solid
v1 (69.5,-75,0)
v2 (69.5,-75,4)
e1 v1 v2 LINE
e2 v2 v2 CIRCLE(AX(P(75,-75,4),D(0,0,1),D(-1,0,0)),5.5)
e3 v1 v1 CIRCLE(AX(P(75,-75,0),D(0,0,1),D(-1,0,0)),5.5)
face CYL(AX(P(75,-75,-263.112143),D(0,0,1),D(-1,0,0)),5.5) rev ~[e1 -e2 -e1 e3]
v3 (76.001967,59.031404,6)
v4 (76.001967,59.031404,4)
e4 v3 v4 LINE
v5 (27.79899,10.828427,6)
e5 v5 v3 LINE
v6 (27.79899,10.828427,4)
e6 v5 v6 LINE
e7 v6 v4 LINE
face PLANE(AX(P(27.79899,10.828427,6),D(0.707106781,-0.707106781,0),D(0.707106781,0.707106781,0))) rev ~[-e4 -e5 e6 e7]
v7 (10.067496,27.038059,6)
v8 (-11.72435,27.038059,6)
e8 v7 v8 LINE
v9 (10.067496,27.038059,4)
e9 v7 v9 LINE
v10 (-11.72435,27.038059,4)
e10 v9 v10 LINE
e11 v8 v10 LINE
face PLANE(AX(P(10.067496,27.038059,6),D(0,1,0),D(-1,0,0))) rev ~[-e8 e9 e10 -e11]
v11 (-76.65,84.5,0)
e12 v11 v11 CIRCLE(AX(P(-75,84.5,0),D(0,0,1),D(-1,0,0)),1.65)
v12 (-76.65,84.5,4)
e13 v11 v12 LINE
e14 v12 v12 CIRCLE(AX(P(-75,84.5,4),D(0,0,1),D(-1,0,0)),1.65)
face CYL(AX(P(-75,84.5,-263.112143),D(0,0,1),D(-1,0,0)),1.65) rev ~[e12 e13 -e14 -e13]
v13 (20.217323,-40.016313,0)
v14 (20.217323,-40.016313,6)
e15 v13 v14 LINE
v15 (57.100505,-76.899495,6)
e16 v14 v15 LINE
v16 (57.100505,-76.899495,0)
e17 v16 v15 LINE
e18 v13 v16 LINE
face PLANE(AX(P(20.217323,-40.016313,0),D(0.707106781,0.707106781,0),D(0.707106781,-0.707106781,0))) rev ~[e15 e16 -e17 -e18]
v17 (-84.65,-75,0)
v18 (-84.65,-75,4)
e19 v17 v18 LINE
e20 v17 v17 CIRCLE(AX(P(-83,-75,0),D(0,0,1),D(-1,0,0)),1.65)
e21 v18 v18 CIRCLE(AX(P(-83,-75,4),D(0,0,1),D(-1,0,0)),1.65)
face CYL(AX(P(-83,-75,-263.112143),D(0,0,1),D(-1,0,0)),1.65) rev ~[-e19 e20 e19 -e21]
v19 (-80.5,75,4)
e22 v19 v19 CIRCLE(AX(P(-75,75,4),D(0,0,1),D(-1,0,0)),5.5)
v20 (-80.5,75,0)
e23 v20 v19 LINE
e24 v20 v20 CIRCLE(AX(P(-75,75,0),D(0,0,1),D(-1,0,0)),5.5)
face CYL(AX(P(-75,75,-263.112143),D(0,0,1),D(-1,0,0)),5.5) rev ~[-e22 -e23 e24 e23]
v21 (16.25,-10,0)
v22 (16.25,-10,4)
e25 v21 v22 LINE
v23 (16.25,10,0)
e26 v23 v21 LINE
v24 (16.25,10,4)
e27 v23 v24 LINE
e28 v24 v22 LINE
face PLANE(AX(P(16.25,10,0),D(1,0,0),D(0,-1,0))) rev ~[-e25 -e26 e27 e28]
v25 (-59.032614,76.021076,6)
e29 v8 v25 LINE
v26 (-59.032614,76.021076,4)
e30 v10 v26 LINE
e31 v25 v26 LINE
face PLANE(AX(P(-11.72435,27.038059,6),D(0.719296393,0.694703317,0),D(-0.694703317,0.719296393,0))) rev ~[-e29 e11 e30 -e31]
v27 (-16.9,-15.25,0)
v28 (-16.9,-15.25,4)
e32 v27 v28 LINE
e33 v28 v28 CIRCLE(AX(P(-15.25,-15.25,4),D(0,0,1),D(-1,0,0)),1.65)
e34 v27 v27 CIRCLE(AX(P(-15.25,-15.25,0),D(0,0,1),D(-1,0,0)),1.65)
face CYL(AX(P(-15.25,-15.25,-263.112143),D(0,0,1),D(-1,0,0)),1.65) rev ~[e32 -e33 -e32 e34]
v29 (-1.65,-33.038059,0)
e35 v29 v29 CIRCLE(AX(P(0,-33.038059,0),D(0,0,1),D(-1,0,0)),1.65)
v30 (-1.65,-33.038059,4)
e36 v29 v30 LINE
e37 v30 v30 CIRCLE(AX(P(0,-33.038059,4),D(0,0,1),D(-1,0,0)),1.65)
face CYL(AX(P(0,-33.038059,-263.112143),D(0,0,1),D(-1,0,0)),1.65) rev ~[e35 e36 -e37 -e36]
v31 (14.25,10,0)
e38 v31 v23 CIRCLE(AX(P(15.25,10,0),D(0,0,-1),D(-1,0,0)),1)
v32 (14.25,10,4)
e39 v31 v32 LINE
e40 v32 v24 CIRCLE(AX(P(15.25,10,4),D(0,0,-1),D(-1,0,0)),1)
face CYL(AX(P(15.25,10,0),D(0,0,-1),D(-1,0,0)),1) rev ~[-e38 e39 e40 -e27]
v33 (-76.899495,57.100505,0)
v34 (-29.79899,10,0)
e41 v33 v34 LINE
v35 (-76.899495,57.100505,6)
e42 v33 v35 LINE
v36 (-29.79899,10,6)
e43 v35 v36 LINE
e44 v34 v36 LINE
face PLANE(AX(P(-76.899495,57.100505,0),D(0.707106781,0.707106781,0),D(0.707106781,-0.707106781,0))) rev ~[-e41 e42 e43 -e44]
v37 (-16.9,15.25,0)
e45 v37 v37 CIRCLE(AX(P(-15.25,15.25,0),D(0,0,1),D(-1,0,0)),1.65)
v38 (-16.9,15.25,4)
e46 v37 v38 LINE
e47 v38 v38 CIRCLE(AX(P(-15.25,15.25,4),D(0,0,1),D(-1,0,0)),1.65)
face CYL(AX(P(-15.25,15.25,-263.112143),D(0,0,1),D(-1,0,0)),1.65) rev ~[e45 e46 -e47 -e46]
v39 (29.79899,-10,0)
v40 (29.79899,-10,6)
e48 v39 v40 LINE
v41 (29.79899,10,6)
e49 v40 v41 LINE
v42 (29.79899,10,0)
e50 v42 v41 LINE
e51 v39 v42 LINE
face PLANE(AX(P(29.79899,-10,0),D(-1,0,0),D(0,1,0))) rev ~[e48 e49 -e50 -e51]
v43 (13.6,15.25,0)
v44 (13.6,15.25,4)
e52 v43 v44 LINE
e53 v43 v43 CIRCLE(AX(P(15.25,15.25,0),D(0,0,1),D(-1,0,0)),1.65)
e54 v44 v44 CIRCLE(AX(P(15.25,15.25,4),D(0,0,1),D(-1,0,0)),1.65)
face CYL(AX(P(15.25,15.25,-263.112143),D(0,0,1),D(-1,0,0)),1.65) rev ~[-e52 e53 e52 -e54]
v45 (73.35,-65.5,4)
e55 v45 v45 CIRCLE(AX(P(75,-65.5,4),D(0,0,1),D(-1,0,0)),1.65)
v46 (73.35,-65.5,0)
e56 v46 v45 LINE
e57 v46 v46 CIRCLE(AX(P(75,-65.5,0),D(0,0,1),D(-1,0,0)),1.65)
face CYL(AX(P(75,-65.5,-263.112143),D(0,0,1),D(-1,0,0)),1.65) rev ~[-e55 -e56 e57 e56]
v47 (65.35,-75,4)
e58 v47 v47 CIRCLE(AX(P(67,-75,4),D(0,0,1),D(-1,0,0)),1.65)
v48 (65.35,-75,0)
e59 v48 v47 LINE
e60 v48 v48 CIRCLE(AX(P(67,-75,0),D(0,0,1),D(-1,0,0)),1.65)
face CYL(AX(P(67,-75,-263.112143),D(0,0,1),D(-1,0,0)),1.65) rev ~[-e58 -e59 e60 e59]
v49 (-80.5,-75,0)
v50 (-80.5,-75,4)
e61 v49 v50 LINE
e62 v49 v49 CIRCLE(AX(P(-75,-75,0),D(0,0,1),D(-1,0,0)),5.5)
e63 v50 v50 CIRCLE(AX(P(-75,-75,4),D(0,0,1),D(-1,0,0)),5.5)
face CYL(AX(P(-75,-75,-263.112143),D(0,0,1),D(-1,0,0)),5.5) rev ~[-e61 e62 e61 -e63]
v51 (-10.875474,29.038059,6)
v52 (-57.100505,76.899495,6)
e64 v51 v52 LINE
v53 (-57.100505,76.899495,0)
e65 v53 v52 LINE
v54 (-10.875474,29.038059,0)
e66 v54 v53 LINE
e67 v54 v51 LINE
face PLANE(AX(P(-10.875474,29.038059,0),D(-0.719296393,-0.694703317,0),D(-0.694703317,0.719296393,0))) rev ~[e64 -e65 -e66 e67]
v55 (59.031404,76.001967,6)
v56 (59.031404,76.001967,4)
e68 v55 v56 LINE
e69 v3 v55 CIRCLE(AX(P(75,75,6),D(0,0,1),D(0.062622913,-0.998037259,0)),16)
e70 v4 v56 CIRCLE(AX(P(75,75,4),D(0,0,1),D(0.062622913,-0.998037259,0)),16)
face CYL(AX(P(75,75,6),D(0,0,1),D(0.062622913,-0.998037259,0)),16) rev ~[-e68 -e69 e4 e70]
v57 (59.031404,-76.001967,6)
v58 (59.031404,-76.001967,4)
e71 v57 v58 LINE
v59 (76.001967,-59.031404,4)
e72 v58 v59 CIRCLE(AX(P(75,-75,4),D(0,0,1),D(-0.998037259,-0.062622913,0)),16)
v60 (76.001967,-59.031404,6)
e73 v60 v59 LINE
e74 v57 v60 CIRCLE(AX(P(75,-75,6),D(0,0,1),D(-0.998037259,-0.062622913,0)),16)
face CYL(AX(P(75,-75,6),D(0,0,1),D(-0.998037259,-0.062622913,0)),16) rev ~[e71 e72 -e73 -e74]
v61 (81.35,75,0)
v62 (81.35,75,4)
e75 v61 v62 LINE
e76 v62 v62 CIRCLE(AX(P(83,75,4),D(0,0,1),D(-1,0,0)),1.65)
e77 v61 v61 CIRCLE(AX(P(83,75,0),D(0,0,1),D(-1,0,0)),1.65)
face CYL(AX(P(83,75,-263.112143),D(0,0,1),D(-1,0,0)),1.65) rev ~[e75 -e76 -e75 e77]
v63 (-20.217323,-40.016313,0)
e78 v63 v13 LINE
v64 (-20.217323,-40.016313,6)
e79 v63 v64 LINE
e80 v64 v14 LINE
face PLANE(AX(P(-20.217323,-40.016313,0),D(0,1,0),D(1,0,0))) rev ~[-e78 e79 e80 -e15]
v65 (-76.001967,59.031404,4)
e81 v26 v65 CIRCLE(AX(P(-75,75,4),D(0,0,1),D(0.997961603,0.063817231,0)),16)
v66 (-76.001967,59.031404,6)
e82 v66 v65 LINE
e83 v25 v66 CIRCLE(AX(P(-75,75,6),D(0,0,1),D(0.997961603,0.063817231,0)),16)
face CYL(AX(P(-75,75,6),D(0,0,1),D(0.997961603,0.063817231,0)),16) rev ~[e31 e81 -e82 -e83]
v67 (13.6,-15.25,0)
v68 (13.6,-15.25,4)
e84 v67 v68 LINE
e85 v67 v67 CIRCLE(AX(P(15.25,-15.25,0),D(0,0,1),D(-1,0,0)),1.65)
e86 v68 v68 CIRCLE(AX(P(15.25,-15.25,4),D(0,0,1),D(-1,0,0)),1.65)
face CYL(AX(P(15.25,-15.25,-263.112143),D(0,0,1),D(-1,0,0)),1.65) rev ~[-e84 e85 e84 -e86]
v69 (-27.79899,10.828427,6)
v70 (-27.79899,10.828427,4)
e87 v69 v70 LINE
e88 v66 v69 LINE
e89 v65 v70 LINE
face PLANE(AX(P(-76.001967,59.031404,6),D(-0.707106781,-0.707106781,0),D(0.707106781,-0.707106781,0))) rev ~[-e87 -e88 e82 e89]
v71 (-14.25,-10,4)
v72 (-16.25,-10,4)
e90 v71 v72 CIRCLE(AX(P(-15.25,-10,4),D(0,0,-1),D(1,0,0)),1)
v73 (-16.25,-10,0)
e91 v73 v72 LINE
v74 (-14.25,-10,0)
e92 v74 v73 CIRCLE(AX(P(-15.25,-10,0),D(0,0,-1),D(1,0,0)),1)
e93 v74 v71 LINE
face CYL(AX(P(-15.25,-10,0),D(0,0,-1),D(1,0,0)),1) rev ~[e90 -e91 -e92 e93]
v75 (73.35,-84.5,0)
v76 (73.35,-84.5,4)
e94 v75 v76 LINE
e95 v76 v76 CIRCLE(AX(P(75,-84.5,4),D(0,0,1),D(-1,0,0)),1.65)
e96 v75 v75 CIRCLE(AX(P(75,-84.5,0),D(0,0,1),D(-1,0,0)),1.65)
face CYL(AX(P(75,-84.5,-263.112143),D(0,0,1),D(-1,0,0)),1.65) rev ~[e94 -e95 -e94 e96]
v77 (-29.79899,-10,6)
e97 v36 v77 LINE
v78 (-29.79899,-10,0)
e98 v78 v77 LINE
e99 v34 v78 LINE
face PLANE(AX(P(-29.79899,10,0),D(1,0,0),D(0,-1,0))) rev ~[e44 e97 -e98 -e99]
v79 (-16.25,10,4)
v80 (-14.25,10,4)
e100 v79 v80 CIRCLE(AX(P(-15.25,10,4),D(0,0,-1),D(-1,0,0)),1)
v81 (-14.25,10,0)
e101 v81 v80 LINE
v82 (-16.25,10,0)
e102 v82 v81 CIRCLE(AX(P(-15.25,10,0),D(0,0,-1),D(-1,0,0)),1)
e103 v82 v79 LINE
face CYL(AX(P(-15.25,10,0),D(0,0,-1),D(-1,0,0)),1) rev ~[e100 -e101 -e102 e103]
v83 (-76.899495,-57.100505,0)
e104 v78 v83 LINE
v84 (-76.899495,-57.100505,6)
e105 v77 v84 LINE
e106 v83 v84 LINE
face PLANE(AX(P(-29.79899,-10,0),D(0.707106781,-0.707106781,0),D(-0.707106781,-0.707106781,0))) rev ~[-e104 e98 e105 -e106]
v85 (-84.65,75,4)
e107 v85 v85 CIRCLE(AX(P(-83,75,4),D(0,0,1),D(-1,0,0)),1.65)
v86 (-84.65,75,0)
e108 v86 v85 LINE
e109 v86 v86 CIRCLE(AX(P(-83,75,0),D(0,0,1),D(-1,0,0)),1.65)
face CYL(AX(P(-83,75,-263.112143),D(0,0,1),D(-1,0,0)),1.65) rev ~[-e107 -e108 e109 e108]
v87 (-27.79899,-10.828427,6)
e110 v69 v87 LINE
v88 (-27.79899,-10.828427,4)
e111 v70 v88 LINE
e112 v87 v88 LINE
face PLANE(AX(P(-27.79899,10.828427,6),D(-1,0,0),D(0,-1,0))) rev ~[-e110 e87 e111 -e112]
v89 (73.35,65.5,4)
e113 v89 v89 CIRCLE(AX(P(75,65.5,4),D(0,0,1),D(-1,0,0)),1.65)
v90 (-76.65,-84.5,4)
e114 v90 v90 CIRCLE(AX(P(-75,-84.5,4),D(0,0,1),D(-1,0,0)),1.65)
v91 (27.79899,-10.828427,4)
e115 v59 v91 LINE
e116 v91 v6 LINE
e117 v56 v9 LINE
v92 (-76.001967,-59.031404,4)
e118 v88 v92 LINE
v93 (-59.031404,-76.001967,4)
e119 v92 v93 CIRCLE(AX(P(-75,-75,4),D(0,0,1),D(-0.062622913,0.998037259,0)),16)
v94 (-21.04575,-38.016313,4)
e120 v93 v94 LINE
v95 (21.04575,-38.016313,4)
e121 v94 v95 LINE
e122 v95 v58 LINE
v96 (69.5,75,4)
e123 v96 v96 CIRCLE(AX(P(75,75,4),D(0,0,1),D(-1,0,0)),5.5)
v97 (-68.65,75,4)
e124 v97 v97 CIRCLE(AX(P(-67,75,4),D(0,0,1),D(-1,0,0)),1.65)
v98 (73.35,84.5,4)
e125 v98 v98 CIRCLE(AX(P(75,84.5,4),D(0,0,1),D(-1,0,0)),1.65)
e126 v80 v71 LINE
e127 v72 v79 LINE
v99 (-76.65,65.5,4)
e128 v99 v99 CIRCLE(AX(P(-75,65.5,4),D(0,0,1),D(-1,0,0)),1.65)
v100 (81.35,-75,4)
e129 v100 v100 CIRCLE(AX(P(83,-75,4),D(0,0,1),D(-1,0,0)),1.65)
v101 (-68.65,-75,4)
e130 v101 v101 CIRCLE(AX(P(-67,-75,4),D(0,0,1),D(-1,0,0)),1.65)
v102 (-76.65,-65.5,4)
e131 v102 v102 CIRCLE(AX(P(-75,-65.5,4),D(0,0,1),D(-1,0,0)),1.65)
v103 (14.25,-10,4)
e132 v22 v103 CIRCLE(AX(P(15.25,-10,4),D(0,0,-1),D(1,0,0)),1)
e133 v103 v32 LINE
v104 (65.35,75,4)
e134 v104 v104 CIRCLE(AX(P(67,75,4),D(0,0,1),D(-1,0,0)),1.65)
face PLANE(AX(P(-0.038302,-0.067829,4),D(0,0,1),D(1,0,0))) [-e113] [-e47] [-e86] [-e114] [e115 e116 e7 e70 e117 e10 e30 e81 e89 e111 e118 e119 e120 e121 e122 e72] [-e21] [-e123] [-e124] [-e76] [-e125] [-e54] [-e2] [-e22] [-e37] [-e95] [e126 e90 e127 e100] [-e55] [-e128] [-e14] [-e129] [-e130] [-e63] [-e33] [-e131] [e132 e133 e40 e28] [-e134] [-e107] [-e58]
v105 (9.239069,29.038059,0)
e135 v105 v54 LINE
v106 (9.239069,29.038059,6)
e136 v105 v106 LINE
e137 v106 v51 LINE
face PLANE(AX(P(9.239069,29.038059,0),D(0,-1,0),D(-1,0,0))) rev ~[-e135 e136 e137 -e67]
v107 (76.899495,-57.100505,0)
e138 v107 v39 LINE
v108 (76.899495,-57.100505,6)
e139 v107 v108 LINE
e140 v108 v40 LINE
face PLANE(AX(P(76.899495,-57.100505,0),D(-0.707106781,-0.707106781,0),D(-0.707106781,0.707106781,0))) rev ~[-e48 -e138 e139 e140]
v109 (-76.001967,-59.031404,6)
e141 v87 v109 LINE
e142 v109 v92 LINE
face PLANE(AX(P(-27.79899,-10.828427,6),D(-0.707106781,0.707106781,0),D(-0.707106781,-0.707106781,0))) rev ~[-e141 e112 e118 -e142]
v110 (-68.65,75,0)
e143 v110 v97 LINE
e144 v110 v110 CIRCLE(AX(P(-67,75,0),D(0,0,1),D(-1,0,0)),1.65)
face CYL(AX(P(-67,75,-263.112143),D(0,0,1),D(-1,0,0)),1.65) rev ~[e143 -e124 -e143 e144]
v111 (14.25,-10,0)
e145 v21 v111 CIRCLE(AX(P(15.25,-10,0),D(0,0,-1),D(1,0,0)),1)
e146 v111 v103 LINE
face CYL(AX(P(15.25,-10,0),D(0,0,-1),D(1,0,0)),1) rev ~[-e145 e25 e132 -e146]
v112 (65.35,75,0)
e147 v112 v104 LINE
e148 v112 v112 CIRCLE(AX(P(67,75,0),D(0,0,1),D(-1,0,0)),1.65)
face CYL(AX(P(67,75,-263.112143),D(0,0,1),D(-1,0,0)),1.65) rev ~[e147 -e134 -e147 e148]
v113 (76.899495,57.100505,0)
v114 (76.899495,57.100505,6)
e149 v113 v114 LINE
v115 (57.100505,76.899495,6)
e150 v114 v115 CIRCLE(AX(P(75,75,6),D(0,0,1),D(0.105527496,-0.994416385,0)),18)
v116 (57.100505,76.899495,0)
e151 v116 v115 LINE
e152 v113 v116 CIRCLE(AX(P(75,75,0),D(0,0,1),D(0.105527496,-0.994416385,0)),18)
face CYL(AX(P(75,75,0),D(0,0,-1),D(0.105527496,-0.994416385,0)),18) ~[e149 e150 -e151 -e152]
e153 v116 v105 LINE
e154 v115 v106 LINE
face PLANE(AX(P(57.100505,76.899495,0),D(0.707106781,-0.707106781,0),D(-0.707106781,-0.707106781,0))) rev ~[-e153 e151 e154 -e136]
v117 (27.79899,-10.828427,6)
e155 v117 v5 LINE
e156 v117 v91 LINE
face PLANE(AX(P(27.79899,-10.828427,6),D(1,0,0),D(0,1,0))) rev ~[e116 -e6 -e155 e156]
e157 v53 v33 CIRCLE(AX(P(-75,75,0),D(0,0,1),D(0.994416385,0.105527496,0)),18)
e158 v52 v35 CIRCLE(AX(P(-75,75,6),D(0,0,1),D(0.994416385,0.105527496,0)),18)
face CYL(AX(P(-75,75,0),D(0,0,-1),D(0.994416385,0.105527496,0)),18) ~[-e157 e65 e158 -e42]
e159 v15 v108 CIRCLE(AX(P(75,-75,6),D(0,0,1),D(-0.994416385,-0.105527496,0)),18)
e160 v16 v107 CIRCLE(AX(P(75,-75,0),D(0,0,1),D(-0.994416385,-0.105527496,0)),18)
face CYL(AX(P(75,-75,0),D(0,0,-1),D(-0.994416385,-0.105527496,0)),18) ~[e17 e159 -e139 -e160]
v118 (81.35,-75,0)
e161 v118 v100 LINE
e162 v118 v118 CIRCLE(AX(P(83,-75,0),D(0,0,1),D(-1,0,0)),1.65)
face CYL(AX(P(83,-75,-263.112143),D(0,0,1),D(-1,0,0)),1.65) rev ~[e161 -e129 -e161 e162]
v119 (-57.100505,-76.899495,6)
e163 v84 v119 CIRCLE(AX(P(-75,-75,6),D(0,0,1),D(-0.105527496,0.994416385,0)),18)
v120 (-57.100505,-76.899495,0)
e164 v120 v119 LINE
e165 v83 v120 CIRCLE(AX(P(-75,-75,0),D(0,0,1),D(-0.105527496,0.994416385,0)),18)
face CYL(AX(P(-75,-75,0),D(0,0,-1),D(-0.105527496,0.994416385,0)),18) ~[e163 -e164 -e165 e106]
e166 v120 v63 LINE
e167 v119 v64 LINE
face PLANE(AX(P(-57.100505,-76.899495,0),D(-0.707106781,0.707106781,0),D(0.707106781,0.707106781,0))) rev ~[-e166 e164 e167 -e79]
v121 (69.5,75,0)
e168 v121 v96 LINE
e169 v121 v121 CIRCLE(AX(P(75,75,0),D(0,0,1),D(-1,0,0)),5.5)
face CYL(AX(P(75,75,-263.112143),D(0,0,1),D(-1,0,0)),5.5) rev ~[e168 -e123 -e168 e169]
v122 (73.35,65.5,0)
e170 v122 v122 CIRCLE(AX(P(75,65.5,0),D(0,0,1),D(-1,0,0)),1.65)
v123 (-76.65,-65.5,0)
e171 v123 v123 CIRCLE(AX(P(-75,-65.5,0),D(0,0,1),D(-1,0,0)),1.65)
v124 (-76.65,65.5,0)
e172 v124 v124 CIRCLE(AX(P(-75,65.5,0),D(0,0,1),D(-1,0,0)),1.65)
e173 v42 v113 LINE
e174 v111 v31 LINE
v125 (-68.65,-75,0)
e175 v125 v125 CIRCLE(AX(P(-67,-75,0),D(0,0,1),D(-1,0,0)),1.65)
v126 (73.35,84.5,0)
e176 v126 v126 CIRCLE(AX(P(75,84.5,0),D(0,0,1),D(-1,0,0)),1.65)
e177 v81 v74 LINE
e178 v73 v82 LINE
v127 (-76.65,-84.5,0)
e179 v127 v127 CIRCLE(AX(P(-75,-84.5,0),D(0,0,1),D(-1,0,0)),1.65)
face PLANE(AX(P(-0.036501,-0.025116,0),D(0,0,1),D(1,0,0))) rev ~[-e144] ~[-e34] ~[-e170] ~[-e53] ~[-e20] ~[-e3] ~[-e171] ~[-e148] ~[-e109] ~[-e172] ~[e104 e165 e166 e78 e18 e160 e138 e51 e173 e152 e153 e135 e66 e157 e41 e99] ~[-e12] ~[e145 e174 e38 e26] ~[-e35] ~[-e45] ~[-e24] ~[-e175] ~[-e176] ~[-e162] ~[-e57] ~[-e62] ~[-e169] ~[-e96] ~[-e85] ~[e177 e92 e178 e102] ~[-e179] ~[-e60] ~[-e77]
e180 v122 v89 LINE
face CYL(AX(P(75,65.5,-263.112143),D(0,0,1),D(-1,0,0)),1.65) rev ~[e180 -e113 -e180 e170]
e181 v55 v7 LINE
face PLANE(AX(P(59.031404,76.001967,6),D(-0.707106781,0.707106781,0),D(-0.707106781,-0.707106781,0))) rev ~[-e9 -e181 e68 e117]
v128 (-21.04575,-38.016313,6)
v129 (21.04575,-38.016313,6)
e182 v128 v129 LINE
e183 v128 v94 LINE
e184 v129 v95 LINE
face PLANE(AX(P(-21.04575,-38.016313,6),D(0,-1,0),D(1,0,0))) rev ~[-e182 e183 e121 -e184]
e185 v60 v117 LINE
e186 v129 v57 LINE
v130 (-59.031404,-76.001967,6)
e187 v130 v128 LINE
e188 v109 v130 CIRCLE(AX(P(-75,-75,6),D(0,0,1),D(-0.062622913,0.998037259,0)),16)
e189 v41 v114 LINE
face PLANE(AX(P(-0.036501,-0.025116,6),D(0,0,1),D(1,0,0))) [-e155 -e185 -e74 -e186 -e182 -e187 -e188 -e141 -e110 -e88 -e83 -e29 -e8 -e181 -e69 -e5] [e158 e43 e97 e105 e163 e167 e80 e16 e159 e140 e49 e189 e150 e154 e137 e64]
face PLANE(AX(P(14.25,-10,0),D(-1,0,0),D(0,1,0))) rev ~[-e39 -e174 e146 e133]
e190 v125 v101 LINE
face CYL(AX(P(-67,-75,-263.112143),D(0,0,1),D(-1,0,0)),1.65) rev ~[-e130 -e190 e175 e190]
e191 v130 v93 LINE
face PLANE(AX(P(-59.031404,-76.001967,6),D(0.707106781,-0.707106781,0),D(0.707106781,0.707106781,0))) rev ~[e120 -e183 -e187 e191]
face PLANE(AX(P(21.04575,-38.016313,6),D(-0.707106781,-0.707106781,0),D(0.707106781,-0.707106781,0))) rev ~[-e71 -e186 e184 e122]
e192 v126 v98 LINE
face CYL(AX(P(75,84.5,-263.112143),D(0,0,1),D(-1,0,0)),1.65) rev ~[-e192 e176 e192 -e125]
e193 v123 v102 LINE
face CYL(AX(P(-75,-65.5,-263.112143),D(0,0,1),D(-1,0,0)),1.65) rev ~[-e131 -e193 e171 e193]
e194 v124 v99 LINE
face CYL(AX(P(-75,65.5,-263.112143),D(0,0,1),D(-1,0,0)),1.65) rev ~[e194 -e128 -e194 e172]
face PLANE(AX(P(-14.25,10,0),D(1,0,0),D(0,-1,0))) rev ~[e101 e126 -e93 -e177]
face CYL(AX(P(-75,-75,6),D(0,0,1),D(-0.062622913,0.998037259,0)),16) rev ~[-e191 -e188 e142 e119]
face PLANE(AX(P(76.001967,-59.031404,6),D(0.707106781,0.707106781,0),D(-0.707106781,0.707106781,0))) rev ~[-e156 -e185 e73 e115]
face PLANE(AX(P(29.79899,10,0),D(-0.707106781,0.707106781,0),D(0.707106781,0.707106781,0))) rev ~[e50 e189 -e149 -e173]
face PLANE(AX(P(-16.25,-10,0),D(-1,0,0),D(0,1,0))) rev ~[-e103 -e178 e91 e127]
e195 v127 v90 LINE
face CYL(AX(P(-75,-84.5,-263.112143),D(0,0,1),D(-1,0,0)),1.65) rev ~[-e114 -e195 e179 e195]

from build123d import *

# Parameters (mm, degrees)
F3_DEPTH   = 6
F5_D       = 3.3
F5_ON_F1_D = 3.3
F6_DEPTH   = 2
F7_D       = 11


with BuildPart() as f3:
    # F2 (on Top) → F3 (new body)
    with BuildSketch(Plane.XY):
        with BuildLine():
            Line((57.1005050634, 76.8994949366), (9.2390693497, 29.0380592229))
            Line((9.2390693497, 29.0380592229), (-10.8754739071, 29.0380592229))
            Line((-10.8754739071, 29.0380592229), (-57.1005050634, 76.8994949366))
            ThreePointArc((-57.1005050634, 76.8994949366), (-87.7279220614, 87.7279220614), (-76.8994949366, 57.1005050634))
            Line((-76.8994949366, 57.1005050634), (-29.7989898732, 10))
            Line((-29.7989898732, 10), (-29.7989898732, -10))
            Line((-29.7989898732, -10), (-76.8994949366, -57.1005050634))
            ThreePointArc((-76.8994949366, -57.1005050634), (-87.7279220614, -87.7279220614), (-57.1005050634, -76.8994949366))
            Line((-57.1005050634, -76.8994949366), (-20.217323358, -40.0163132312))
            Line((-20.217323358, -40.0163132312), (20.217323358, -40.0163132312))
            Line((20.217323358, -40.0163132312), (57.1005050634, -76.8994949366))
            ThreePointArc((57.1005050634, -76.8994949366), (87.7279220614, -87.7279220614), (76.8994949366, -57.1005050634))
            Line((76.8994949366, -57.1005050634), (29.7989898732, -10))
            Line((29.7989898732, -10), (29.7989898732, 10))
            Line((29.7989898732, 10), (76.8994949366, 57.1005050634))
            ThreePointArc((76.8994949366, 57.1005050634), (87.7279220614, 87.7279220614), (57.1005050634, 76.8994949366))
        make_face()
        with BuildLine():
            Line((-14.25, 10), (-14.25, -10))
            ThreePointArc((-14.25, -10), (-15.25, -11), (-16.25, -10))
            Line((-16.25, -10), (-16.25, 10))
            ThreePointArc((-16.25, 10), (-15.25, 11), (-14.25, 10))
        make_face(mode=Mode.SUBTRACT)
        with BuildLine():
            Line((16.25, 10), (16.25, -10))
            ThreePointArc((16.25, -10), (15.25, -11), (14.25, -10))
            Line((14.25, -10), (14.25, 10))
            ThreePointArc((14.25, 10), (15.25, 11), (16.25, 10))
        make_face(mode=Mode.SUBTRACT)
    extrude(amount=F3_DEPTH)

    # F5 (through all)
    with Locations(Plane(origin=(0, 0, 0), x_dir=(1, 0, 0), z_dir=(0, 0, -1))):
        with Locations((-83, -75), (-75, -84.5), (-67, -75), (-75, -65.5), (-75, 65.5), (-83, 75), (-75, 84.5), (-67, 75), (67, 75), (75, 65.5), (83, 75), (75, 84.5), (75, -65.5), (67, -75), (75, -84.5), (83, -75)):
            Hole(F5_D / 2)

    # F5 on F1 (through all)
    with Locations(Plane(origin=(0, 0, 0), x_dir=(1, 0, 0), z_dir=(0, 0, -1))):
        with Locations((-15.25, -15.25), (15.25, -15.25), (15.25, 15.25), (-15.25, 15.25), (0, 33.0380592229)):
            Hole(F5_ON_F1_D / 2)

    # F4 (on face) → F6 (cut)
    with BuildSketch(Plane.XY.offset(6)):
        with BuildLine():
            Line((-11.7243497964, 27.0380592229), (-59.0326143525, 76.0210757))
            ThreePointArc((-59.0326143525, 76.0210757), (-86.3204761024, 86.3069368449), (-76.0019666007, 59.0314038522))
            Line((-76.0019666007, 59.0314038522), (-27.7989898732, 10.8284271247))
            Line((-27.7989898732, 10.8284271247), (-27.7989898732, -10.8284271247))
            Line((-27.7989898732, -10.8284271247), (-76.0019666007, -59.0314038522))
            ThreePointArc((-76.0019666007, -59.0314038522), (-86.313708499, -86.313708499), (-59.0314038522, -76.0019666007))
            Line((-59.0314038522, -76.0019666007), (-21.0457504827, -38.0163132312))
            Line((-21.0457504827, -38.0163132312), (21.0457504827, -38.0163132312))
            Line((21.0457504827, -38.0163132312), (59.0314038522, -76.0019666007))
            ThreePointArc((59.0314038522, -76.0019666007), (86.313708499, -86.313708499), (76.0019666007, -59.0314038522))
            Line((76.0019666007, -59.0314038522), (27.7989898732, -10.8284271247))
            Line((27.7989898732, -10.8284271247), (27.7989898732, 10.8284271247))
            Line((27.7989898732, 10.8284271247), (76.0019666007, 59.0314038522))
            ThreePointArc((76.0019666007, 59.0314038522), (86.313708499, 86.313708499), (59.0314038522, 76.0019666007))
            Line((59.0314038522, 76.0019666007), (10.0674964744, 27.0380592229))
            Line((10.0674964744, 27.0380592229), (-11.7243497964, 27.0380592229))
        make_face()
    extrude(amount=-F6_DEPTH, mode=Mode.SUBTRACT)

    # F7 (through all)
    with Locations(Plane(origin=(0, 0, 0), x_dir=(1, 0, 0), z_dir=(0, 0, -1))):
        with Locations((-75, -75), (75, -75), (-75, 75), (75, 75)):
            Hole(F7_D / 2)


solid = f3.part
